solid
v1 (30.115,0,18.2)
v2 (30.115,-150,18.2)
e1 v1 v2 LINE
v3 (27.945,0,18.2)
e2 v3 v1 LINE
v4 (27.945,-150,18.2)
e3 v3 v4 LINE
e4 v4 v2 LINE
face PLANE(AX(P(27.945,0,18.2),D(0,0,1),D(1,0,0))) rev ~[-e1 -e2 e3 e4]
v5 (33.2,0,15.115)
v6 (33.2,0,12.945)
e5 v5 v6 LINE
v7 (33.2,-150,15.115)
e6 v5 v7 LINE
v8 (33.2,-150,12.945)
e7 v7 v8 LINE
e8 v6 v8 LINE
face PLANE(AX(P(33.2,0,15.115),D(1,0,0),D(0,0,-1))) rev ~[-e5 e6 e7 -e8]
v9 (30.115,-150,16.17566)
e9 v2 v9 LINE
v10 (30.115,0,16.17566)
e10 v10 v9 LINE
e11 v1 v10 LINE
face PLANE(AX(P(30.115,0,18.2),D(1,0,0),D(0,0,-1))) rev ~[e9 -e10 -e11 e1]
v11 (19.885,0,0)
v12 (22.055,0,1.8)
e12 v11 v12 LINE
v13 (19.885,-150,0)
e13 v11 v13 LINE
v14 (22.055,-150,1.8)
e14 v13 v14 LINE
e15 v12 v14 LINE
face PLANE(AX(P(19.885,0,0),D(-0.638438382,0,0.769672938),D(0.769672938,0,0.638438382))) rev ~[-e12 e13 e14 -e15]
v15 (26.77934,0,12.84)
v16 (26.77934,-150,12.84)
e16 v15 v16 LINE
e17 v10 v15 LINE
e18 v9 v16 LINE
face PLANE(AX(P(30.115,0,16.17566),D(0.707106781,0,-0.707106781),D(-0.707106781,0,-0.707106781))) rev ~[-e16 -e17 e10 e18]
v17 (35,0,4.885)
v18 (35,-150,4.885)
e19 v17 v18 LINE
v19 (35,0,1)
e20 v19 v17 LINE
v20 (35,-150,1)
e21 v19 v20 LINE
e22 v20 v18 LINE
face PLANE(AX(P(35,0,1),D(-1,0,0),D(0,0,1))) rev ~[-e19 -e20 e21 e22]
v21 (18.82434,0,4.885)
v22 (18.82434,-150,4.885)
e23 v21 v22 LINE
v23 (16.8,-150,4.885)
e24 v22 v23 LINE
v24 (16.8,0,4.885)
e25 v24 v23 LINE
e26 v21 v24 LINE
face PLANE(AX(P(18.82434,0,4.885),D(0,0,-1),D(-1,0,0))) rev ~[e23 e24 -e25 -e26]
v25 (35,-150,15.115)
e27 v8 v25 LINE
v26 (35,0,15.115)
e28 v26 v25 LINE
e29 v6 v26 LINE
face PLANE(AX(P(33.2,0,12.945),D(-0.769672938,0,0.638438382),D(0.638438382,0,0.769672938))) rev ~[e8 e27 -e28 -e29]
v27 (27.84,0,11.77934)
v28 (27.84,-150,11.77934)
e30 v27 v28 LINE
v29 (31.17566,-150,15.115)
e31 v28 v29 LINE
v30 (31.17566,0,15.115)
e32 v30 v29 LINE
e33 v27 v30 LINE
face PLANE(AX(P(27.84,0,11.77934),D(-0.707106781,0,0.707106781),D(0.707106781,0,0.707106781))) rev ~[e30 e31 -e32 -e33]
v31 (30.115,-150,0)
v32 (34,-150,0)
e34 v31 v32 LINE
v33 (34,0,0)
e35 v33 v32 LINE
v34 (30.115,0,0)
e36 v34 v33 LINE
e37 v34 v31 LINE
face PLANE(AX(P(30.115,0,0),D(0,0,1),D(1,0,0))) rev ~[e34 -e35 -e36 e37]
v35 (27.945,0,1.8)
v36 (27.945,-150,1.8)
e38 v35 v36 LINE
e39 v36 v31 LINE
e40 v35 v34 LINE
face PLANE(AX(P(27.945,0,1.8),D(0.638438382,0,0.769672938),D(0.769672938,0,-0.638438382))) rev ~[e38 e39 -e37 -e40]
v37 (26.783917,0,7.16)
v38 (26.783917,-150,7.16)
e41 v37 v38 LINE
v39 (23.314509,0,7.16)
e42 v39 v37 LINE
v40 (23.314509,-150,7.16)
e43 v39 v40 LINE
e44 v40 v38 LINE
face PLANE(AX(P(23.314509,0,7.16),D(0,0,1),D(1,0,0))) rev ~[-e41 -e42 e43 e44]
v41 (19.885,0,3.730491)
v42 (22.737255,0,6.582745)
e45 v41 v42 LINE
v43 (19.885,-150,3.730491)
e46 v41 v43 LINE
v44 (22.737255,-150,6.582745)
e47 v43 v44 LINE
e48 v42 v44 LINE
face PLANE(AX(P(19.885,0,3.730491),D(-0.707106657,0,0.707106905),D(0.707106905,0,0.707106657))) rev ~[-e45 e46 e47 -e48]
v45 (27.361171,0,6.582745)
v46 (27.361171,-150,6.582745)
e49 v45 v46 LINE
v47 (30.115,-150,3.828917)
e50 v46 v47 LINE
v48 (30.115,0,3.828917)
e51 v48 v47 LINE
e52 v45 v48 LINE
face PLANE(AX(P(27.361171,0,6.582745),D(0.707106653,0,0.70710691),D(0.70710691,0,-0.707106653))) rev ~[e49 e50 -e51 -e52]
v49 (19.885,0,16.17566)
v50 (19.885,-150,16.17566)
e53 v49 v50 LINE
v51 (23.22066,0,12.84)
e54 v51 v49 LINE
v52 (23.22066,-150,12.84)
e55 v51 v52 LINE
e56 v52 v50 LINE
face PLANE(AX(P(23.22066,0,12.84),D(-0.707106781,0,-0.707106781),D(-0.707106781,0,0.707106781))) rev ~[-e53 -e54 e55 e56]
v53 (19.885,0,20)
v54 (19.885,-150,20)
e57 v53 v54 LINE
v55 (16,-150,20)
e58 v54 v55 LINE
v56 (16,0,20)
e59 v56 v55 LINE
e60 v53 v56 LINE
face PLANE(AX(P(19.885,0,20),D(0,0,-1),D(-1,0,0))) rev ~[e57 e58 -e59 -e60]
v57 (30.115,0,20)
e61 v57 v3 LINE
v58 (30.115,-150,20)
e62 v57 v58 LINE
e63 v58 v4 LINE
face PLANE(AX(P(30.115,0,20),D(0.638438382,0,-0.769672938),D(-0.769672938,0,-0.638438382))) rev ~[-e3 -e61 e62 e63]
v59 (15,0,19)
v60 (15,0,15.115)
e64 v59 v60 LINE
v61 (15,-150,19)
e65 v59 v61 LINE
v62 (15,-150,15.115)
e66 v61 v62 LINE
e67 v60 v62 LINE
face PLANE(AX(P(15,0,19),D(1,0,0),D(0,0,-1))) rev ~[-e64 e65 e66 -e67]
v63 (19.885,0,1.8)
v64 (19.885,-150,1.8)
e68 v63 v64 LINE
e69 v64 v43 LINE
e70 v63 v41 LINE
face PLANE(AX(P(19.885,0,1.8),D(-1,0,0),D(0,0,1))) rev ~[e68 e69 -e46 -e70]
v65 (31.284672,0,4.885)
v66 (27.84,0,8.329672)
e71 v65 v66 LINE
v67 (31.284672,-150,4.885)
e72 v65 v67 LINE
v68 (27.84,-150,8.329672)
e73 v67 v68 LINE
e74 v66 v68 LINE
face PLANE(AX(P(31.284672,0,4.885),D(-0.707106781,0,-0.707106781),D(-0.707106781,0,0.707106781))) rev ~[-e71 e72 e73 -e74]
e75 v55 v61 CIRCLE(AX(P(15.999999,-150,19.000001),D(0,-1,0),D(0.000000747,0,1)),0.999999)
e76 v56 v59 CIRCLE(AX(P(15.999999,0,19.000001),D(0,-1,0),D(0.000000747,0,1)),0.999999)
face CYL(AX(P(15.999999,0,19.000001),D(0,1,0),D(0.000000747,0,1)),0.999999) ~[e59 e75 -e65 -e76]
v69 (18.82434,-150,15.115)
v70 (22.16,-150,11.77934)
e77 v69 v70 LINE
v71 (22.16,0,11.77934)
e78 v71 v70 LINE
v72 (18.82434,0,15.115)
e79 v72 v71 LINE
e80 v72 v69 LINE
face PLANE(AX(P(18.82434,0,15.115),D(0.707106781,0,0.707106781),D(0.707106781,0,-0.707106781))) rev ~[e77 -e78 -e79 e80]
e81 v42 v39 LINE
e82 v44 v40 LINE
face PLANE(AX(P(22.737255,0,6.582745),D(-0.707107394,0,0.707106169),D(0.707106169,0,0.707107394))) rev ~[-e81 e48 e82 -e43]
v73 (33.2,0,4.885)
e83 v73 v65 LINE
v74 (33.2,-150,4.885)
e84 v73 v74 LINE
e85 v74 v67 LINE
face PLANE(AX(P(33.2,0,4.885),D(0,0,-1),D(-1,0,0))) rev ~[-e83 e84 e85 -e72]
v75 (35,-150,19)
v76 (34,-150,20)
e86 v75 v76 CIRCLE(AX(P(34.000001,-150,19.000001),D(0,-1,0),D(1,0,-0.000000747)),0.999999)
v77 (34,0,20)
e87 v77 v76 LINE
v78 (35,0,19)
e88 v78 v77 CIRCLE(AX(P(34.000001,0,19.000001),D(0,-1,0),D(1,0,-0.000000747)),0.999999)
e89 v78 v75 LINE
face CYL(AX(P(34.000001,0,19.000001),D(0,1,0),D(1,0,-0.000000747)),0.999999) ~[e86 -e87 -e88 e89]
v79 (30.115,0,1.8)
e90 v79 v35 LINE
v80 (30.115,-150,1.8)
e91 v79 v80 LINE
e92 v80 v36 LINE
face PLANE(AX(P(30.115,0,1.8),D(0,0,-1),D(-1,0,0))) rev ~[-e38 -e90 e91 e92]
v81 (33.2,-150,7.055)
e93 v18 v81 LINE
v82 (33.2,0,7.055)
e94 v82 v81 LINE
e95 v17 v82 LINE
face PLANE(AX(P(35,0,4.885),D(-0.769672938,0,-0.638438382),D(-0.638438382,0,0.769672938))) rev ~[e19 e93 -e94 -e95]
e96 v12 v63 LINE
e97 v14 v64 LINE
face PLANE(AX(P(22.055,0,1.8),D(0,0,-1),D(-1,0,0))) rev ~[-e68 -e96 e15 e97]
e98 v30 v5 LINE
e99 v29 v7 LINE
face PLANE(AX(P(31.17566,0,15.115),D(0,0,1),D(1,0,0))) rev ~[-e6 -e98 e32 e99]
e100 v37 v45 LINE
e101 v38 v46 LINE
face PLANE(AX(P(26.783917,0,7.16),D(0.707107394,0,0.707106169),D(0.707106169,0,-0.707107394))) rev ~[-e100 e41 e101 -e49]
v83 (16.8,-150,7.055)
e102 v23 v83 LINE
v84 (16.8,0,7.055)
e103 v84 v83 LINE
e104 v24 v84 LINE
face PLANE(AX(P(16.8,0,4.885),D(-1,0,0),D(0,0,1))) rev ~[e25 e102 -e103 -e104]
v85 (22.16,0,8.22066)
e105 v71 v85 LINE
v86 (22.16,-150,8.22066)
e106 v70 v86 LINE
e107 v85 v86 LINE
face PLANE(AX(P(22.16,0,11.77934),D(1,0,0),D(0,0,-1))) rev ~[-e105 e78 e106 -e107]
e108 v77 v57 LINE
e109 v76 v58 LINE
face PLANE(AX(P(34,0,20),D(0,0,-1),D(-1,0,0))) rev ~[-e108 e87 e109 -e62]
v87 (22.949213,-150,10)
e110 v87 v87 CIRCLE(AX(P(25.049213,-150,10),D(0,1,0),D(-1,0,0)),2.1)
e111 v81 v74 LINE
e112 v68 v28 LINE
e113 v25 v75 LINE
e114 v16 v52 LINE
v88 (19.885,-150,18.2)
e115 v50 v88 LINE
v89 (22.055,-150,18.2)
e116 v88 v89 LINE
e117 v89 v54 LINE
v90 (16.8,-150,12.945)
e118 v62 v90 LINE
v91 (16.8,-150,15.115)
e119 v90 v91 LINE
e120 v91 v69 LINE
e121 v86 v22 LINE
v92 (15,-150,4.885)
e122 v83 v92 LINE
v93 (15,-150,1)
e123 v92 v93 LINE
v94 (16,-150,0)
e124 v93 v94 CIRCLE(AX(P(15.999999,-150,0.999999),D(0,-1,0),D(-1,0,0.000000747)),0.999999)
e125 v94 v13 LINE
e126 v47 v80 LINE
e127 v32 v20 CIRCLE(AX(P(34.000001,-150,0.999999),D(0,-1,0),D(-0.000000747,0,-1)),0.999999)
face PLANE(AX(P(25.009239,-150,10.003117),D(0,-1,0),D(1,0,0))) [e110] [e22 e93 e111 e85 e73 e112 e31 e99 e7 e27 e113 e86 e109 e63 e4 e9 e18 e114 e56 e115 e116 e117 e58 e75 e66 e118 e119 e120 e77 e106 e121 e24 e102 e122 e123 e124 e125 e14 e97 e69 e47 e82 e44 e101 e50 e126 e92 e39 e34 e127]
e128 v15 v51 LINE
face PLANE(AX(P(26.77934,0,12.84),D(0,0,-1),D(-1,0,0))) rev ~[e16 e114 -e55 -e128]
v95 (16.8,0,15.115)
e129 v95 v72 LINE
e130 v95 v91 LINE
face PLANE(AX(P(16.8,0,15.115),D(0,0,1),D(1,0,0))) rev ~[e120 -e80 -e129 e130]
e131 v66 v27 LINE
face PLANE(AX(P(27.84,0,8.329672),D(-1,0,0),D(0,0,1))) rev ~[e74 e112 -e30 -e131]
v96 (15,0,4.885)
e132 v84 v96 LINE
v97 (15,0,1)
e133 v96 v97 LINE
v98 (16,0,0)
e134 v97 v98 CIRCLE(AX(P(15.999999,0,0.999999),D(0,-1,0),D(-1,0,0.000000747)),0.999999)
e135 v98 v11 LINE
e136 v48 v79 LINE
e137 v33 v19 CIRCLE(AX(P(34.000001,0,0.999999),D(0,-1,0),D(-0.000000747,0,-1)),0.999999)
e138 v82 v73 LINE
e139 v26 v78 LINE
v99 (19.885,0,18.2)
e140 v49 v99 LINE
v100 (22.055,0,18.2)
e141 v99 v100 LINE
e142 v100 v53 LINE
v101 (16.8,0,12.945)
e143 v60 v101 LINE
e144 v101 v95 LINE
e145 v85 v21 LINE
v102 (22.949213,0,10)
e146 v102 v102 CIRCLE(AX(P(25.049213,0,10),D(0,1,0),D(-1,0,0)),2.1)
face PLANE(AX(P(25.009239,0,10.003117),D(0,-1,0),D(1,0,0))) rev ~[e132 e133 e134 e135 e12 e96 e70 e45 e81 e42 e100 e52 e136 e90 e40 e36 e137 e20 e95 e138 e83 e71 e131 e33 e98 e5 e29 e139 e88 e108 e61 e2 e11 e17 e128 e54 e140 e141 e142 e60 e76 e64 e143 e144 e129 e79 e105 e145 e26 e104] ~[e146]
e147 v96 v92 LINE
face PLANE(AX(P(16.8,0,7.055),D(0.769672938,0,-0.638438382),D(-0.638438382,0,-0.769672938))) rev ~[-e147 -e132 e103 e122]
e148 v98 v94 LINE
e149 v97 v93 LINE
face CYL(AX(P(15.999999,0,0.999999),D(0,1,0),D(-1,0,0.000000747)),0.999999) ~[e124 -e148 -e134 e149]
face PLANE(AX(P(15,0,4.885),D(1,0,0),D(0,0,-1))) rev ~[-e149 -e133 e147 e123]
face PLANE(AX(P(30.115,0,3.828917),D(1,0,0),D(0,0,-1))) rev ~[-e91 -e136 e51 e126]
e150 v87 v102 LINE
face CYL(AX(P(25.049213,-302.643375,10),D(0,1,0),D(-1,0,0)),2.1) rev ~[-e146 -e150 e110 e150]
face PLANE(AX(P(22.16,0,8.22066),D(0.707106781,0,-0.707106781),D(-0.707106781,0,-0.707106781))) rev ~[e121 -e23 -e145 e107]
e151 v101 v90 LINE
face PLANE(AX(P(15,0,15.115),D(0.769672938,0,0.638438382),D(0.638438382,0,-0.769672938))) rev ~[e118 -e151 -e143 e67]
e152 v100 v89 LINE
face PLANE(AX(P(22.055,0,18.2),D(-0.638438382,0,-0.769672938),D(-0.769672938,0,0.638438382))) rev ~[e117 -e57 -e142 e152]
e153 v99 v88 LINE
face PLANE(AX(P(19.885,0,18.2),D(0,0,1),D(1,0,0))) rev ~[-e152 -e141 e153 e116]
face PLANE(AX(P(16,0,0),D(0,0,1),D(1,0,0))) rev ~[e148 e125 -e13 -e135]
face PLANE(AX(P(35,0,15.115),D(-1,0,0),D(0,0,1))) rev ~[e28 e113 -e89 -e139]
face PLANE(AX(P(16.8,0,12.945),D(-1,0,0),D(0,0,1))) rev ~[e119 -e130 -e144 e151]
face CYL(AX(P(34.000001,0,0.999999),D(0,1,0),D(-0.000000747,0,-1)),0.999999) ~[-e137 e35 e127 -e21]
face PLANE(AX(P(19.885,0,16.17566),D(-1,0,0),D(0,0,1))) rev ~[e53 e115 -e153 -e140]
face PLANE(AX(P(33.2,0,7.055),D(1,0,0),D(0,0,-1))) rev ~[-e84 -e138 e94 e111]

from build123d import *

# Parameters (mm, degrees)
F2_DEPTH = 150
F3_D     = 4.2


with BuildPart() as f2:
    # F0 (on Front) → F2 (new body)
    with BuildSketch(Plane.XZ):
        Polygon((16.8, 2.86066), (17.954509, 1.8), (19.885, 3.730491), (22.737255, 6.582745), (23.314509, 7.16), (26.783917, 7.16), (27.361171, 6.582745), (30.115, 3.828917), (32.143917, 1.8), (33.2, 2.969672), (31.284672, 4.885), (28.37033, 7.799342), (27.84, 8.329672), (27.84, 11.77934), (28.37033, 12.30967), (31.17566, 15.115), (33.2, 17.13934), (32.13934, 18.2), (30.115, 16.17566), (27.30967, 13.37033), (26.77934, 12.84), (23.22066, 12.84), (22.69033, 13.37033), (19.885, 16.17566), (17.86066, 18.2), (16.8, 17.13934), (18.82434, 15.115), (21.62967, 12.30967), (22.16, 11.77934), (22.16, 8.22066), (21.62967, 7.69033), (18.82434, 4.885), align=None)
        Polygon((32.143917, 1.8), (30.115, 3.828917), (30.115, 1.8), align=None)
        Polygon((18.82434, 4.885), (16.8, 4.885), (16.8, 2.86066), align=None)
        with BuildLine():
            Line((15, 4.885), (15, 1))
            ThreePointArc((15, 1), (15.292893, 0.292893), (16, 0))
            Line((16, 0), (17.954509, 0))
            Line((17.954509, 0), (17.954509, 1.8))
            Line((17.954509, 1.8), (16.8, 2.86066))
            Line((16.8, 2.86066), (16.8, 4.885))
            Line((16.8, 4.885), (16.8, 7.055))
            Line((16.8, 7.055), (15, 4.885))
        make_face()
        Polygon((17.954509, 1.8), (17.954509, 0), (19.885, 0), (22.055, 1.8), (19.885, 1.8), align=None)
        with BuildLine():
            Line((16.8, 15.115), (16.8, 17.13934))
            Line((16.8, 17.13934), (17.86066, 18.2))
            Line((17.86066, 18.2), (19.885, 18.2))
            Line((19.885, 18.2), (22.055, 18.2))
            Line((22.055, 18.2), (19.885, 20))
            Line((19.885, 20), (16, 20))
            ThreePointArc((16, 20), (15.292893, 19.707107), (15, 19))
            Line((15, 19), (15, 15.115))
            Line((15, 15.115), (16.8, 12.945))
            Line((16.8, 12.945), (16.8, 15.115))
        make_face()
        Polygon((19.885, 18.2), (17.86066, 18.2), (19.885, 16.17566), align=None)
        with BuildLine():
            Line((33.2, 12.945), (35, 15.115))
            Line((35, 15.115), (35, 19))
            ThreePointArc((35, 19), (34.707107, 19.707107), (34, 20))
            Line((34, 20), (30.115, 20))
            Line((30.115, 20), (27.945, 18.2))
            Line((27.945, 18.2), (30.115, 18.2))
            Line((30.115, 18.2), (32.13934, 18.2))
            Line((32.13934, 18.2), (33.2, 17.13934))
            Line((33.2, 17.13934), (33.2, 15.115))
            Line((33.2, 15.115), (33.2, 12.945))
        make_face()
        Polygon((31.17566, 15.115), (33.2, 15.115), (33.2, 17.13934), align=None)
        Polygon((31.284672, 4.885), (33.2, 2.969672), (33.2, 4.885), align=None)
        with BuildLine():
            Line((33.2, 2.969672), (32.143917, 1.8))
            Line((32.143917, 1.8), (30.115, 1.8))
            Line((30.115, 1.8), (27.945, 1.8))
            Line((27.945, 1.8), (30.115, 0))
            Line((30.115, 0), (34, 0))
            ThreePointArc((34, 0), (34.707107, 0.292893), (35, 1))
            Line((35, 1), (35, 4.885))
            Line((35, 4.885), (33.2, 7.055))
            Line((33.2, 7.055), (33.2, 4.885))
            Line((33.2, 4.885), (33.2, 2.969672))
        make_face()
        Polygon((19.885, 3.730491), (17.954509, 1.8), (19.885, 1.8), align=None)
        Polygon((16.8, 15.115), (18.82434, 15.115), (16.8, 17.13934), align=None)
        Polygon((30.115, 18.2), (30.115, 16.17566), (32.13934, 18.2), align=None)
    extrude(amount=F2_DEPTH)

    # F3 (through all)
    with Locations(Plane.XZ.offset(150)):
        with Locations((25.049213, 10)):
            Hole(F3_D / 2)


solid = f2.part
